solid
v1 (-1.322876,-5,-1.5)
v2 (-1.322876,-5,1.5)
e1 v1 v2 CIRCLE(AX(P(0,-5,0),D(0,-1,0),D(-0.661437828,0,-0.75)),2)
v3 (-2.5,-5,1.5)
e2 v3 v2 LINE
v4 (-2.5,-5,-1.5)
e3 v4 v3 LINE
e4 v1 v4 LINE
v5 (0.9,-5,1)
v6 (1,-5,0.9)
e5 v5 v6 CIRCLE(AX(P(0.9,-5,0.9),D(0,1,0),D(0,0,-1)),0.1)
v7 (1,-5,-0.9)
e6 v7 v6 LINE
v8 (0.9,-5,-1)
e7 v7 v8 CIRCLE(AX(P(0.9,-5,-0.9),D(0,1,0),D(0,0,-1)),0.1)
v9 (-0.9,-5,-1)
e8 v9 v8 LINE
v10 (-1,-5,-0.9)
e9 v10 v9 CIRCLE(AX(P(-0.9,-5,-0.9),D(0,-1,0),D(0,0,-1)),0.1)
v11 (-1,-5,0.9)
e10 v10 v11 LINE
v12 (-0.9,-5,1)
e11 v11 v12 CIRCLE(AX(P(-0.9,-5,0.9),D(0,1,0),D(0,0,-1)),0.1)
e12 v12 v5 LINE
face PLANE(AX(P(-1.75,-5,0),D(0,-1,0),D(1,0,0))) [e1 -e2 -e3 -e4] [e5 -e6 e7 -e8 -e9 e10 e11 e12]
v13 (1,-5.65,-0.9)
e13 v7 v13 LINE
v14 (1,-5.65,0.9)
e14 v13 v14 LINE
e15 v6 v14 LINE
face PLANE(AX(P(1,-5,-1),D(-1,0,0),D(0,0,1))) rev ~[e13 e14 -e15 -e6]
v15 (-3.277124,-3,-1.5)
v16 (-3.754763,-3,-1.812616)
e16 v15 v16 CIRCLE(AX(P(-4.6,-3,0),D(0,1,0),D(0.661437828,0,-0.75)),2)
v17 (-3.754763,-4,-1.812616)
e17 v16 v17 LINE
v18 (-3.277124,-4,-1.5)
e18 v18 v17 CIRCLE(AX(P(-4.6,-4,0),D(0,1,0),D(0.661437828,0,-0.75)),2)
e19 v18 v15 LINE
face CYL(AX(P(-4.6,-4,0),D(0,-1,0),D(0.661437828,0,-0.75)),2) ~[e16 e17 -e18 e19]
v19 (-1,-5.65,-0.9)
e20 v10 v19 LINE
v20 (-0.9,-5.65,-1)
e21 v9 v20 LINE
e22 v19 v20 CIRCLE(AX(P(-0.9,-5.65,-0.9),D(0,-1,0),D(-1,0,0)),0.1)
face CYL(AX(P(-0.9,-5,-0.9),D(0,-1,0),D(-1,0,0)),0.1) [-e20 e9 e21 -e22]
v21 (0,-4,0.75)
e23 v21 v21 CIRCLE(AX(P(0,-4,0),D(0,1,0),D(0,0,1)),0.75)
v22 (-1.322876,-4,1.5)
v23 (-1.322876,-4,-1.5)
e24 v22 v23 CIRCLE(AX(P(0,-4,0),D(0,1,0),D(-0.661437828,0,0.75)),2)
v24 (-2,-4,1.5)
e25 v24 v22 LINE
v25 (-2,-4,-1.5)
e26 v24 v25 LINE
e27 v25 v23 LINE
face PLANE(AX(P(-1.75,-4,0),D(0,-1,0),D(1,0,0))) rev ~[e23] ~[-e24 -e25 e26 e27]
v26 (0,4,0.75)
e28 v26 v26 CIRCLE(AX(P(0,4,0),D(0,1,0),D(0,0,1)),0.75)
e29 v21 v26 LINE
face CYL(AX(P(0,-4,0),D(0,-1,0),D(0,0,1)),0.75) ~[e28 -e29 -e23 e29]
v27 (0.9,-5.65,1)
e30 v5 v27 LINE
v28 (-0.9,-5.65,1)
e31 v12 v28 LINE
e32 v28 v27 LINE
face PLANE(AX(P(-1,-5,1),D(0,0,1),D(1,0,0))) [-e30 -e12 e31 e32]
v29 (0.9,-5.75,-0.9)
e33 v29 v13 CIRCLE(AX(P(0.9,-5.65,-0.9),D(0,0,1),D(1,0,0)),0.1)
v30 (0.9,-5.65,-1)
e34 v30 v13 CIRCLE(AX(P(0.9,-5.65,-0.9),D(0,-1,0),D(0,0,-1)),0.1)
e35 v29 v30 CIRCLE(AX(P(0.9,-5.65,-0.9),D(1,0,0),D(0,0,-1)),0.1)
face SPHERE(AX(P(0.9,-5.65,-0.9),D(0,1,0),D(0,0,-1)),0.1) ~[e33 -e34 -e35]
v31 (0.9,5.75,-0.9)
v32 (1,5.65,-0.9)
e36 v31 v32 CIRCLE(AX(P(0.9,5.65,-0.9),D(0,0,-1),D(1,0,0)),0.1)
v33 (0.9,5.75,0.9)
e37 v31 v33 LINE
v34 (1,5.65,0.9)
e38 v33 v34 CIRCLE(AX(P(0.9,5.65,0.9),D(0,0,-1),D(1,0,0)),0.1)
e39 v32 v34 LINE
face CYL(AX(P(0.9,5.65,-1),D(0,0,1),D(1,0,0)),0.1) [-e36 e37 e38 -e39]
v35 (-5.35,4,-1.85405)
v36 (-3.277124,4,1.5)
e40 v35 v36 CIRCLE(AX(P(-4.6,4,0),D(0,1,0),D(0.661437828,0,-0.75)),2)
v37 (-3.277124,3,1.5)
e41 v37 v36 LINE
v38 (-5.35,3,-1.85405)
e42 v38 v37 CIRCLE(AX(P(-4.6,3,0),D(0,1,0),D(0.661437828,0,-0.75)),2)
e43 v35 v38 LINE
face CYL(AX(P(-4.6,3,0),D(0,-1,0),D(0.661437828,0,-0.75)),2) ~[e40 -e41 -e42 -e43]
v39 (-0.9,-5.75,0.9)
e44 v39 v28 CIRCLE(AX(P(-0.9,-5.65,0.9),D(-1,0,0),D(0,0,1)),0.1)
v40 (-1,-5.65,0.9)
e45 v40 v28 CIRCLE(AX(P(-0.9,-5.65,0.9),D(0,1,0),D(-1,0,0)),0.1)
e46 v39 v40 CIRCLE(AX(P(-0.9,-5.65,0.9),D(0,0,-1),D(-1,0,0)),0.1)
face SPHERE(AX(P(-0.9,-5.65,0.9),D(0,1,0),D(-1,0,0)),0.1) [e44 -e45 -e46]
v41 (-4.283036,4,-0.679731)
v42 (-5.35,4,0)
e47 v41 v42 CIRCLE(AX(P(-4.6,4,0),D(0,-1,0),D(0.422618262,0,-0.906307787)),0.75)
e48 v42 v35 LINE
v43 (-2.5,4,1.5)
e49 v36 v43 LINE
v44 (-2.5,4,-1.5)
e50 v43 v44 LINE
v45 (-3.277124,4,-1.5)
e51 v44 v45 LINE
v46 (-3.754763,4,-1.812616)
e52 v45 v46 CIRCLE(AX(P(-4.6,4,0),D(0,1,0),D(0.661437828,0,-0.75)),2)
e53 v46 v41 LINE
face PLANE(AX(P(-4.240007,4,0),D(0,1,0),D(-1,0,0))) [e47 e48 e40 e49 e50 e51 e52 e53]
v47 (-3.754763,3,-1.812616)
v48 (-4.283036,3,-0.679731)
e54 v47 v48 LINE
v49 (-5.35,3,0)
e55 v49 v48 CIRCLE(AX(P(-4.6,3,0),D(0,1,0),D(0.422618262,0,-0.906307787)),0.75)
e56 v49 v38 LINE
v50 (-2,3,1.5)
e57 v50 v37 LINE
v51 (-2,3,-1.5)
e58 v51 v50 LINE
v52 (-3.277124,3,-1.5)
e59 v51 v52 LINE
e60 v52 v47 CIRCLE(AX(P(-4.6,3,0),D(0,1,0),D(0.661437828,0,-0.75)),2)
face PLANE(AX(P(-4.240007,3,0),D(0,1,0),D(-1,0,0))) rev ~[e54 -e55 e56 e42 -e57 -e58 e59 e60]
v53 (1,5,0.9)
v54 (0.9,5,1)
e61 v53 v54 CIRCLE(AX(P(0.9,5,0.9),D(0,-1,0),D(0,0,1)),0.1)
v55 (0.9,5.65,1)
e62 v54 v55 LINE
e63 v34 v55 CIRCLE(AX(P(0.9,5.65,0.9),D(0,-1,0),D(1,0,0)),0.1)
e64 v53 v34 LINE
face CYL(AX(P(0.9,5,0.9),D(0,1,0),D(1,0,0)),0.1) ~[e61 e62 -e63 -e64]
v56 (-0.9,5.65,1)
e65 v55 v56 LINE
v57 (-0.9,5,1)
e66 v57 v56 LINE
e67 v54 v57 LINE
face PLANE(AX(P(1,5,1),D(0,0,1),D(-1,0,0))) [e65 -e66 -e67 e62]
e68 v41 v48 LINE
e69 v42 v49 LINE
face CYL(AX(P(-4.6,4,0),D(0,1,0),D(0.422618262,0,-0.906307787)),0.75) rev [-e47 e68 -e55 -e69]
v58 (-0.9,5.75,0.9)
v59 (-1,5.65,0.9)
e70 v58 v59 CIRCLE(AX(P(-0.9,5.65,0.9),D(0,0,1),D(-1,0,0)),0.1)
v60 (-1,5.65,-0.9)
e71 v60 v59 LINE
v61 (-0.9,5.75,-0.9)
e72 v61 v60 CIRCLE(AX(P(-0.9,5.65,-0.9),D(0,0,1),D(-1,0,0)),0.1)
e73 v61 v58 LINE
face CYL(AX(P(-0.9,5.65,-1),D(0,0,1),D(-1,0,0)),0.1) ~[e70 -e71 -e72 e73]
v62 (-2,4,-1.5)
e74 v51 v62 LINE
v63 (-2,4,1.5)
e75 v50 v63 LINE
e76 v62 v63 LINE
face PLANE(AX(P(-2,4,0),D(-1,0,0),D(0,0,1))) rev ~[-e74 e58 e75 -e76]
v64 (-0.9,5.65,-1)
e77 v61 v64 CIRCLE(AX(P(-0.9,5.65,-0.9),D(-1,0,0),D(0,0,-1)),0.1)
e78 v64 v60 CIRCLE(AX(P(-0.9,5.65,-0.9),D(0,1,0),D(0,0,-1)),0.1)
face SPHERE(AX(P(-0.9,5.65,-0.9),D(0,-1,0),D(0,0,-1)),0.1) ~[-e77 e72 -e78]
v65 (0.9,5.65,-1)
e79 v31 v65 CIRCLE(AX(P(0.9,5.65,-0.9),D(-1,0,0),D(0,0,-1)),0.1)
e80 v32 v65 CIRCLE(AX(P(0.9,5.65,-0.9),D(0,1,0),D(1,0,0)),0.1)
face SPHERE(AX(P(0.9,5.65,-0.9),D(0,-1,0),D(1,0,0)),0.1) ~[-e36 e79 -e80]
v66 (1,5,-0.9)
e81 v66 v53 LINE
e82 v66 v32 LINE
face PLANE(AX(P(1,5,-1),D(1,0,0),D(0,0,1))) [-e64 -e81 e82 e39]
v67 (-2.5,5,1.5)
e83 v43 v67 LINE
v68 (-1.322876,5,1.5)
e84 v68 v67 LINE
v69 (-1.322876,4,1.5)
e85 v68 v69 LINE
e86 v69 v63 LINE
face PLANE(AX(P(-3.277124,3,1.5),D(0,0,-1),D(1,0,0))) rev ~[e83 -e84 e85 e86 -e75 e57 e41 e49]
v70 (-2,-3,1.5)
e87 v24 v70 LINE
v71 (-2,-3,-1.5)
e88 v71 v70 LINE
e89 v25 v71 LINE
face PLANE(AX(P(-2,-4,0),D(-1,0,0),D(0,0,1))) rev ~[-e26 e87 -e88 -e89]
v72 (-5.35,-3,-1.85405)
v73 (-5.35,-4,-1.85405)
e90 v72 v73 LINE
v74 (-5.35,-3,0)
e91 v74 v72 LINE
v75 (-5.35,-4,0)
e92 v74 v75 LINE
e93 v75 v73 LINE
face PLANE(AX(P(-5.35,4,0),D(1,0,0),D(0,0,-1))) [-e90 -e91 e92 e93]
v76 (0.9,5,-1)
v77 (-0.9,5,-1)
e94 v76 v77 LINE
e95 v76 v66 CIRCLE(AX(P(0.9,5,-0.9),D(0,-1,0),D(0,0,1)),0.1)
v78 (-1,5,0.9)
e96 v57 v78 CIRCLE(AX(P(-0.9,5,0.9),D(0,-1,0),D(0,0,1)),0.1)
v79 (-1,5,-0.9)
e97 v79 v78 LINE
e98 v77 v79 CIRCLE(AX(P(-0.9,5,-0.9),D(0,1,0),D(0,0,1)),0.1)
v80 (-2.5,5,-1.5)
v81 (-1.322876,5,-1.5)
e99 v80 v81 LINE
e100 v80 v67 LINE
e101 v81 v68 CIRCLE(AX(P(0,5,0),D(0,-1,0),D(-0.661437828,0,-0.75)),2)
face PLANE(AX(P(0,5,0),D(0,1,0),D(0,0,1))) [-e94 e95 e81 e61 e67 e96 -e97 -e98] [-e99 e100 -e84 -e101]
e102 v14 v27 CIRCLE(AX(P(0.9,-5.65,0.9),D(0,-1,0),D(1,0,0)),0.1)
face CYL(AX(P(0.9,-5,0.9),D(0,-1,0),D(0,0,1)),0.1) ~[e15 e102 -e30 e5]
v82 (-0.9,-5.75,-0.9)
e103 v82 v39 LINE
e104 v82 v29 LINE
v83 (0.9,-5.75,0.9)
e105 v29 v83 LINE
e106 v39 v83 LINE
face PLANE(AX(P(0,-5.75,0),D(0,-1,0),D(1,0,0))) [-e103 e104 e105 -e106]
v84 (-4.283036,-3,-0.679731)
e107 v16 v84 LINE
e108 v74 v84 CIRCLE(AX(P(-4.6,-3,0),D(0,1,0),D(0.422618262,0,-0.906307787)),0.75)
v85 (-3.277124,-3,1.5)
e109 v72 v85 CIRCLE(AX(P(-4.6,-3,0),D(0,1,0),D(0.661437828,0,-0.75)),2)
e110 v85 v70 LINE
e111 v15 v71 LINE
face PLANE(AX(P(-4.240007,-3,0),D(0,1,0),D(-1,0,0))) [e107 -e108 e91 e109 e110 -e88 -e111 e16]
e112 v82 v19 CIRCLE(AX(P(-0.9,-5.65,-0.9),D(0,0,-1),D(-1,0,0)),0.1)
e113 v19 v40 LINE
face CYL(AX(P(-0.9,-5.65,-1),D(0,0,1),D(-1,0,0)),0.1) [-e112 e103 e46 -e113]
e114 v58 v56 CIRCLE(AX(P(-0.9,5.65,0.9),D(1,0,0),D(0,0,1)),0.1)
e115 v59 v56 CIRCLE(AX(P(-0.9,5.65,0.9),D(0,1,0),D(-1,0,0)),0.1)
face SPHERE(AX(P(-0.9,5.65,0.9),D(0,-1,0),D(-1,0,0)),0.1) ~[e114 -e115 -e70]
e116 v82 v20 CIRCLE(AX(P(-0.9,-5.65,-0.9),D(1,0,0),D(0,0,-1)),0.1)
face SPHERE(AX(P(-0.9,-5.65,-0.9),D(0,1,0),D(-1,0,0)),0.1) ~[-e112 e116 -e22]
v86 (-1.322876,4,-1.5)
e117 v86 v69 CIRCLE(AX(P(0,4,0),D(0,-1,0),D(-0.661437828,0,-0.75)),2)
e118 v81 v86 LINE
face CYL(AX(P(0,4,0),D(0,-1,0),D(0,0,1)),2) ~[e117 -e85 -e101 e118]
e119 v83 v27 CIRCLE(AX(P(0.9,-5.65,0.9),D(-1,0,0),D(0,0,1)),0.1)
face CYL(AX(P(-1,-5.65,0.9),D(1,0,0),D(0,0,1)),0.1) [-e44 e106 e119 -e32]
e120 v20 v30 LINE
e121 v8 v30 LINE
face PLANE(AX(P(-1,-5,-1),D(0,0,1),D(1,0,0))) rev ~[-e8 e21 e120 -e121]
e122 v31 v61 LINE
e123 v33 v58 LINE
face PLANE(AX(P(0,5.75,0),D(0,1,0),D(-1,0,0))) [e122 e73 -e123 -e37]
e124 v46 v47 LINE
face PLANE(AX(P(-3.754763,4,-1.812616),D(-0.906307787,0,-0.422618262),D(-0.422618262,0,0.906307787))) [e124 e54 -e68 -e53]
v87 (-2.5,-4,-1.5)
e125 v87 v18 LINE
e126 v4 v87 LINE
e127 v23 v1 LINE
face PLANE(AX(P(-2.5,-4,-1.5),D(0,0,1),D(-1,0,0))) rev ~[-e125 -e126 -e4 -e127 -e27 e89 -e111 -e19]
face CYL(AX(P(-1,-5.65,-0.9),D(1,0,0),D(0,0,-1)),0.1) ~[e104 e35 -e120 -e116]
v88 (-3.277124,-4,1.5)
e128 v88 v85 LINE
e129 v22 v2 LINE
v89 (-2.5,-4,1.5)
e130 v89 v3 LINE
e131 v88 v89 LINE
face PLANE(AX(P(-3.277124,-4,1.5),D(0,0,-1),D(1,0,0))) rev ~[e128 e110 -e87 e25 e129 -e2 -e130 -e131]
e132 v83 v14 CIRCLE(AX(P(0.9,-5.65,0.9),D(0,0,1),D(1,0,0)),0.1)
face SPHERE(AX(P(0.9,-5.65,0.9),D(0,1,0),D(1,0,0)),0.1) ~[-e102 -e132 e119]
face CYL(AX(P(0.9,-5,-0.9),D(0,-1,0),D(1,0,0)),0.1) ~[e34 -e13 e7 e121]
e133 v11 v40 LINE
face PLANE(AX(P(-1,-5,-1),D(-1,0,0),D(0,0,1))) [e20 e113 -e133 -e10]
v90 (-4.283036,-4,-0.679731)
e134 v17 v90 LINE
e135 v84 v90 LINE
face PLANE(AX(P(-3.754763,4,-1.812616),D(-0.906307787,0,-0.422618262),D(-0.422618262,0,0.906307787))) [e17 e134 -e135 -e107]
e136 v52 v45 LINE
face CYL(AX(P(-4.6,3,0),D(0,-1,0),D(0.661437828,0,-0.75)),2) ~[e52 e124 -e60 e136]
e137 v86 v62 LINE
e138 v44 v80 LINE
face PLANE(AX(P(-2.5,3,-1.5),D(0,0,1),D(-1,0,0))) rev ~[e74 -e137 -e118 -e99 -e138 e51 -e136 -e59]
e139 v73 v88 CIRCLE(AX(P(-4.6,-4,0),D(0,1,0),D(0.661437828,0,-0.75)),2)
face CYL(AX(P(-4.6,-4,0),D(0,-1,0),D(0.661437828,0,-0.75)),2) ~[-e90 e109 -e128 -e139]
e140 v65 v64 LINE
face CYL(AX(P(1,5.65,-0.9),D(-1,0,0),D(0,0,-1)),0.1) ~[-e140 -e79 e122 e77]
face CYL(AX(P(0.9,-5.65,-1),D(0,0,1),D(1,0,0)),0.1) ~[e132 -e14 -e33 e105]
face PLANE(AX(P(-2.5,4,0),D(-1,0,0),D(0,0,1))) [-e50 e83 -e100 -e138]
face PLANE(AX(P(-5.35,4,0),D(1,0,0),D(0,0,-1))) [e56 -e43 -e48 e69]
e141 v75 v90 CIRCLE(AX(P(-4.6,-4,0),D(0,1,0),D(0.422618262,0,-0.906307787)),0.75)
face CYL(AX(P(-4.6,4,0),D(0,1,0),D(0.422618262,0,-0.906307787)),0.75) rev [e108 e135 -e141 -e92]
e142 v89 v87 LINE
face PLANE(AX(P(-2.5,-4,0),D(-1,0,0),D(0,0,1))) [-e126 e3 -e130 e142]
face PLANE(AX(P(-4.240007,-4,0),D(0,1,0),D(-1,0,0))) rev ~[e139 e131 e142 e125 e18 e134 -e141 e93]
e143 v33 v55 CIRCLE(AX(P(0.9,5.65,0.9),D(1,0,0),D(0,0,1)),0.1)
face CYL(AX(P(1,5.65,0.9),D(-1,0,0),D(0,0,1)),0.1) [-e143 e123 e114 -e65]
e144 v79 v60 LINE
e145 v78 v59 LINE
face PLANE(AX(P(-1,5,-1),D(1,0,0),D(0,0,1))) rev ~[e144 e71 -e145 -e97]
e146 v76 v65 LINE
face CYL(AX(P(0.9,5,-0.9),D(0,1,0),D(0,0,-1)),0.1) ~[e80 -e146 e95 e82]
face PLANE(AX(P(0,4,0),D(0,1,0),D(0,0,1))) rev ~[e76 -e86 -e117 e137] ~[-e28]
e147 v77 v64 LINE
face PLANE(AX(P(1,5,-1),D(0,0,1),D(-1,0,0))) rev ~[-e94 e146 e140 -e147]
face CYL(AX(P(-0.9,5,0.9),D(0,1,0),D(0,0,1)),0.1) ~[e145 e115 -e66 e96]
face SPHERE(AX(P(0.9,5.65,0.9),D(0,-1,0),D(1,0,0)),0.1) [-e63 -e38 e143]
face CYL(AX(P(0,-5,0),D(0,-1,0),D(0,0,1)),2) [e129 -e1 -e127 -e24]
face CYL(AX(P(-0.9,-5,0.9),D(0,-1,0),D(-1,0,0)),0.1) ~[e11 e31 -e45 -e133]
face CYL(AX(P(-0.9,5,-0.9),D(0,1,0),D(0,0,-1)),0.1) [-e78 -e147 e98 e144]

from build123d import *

# Parameters (mm, degrees)
EXTRUDE_1_DEPTH      = 4
EXTRUDE_1_DEPTH_BACK = 4
SKETCH_1_R           = 0.75
SKETCH_2_R           = 2
EXTRUDE_2_DEPTH      = 1
EXTRUDE_START        = 1
SKETCH_3_R           = 2
EXTRUDE_3_DEPTH      = 1
SKETCH_4_W           = 2
SKETCH_4_H           = 2
EXTRUDE_4_DEPTH      = 0.75
SKETCH_5_W           = 2
SKETCH_5_H           = 2
EXTRUDE_5_DEPTH      = 0.75
SKETCH_6_W           = 1.5
SKETCH_6_H           = 3
EXTRUDE_6_DEPTH      = 1
SKETCH_7_W           = 1.5
SKETCH_7_H           = 3
EXTRUDE_8_DEPTH      = 1
SKETCH_8_W           = 3
SKETCH_8_H           = 2
EXTRUDE_9_DEPTH      = 0.5
EXTRUDE_10_DEPTH     = 1
EXTRUDE_START_2      = 7
EXTRUDE_11_DEPTH     = 1
CUT_EXTRUDE_1_DEPTH  = 12.942466244
FILLET_1_R           = 0.1


with BuildPart() as part:
    # 草图1 → 凸台-拉伸1 (new, two sides: drawn at the far end of the back side and taken through both)
    with BuildSketch(Plane(origin=(0, 0, 0), x_dir=(1, 0, 0), z_dir=(0, 1, 0)).offset(-EXTRUDE_1_DEPTH_BACK)):
        with Locations(Location((0, 0, 0), (0, 0, 270))):
            Circle(SKETCH_1_R)
    extrude(amount=EXTRUDE_1_DEPTH + EXTRUDE_1_DEPTH_BACK)

    # 草图2 → 凸台-拉伸2 (add)
    with BuildSketch(Plane(origin=(0, 4, 0), x_dir=(-1, 0, 0), z_dir=(0, 1, 0))):
        with Locations(Location((0, 0, 0), (0, 0, 90))):
            Circle(SKETCH_2_R)
    extrude(amount=EXTRUDE_2_DEPTH)

    # 草图3 → 凸台-拉伸3 (add)
    with BuildSketch(Plane.XZ.offset(4).offset(EXTRUDE_START)):
        with Locations(Location((0, 0, 0), (0, 0, 90))):
            Circle(SKETCH_3_R)
    extrude(amount=-EXTRUDE_3_DEPTH)

    # 草图4 → 凸台-拉伸4 (add)
    with BuildSketch(Plane(origin=(0, 5, 0), x_dir=(-1, 0, 0), z_dir=(0, 1, 0))):
        Rectangle(SKETCH_4_W, SKETCH_4_H)
    extrude(amount=EXTRUDE_4_DEPTH)

    # 草图5 → 凸台-拉伸5 (add)
    with BuildSketch(Plane.XZ.offset(5)):
        Rectangle(SKETCH_5_W, SKETCH_5_H)
    extrude(amount=EXTRUDE_5_DEPTH)

    # 草图6 → 凸台-拉伸6 (add)
    with BuildSketch(Plane(origin=(0, 5, 0), x_dir=(-1, 0, 0), z_dir=(0, 1, 0))):
        with Locations((1.75, 0)):
            Rectangle(SKETCH_6_W, SKETCH_6_H)
    extrude(amount=-EXTRUDE_6_DEPTH)

    # 草图7 → 凸台-拉伸8 (add)
    with BuildSketch(Plane.XZ.offset(5)):
        with Locations((-1.75, 0)):
            Rectangle(SKETCH_7_W, SKETCH_7_H)
    extrude(amount=-EXTRUDE_8_DEPTH)

    # 草图8 → 凸台-拉伸9 (add)
    with BuildSketch(Plane.ZY.offset(2.5)):
        with Locations((0, 4)):
            Rectangle(SKETCH_8_W, SKETCH_8_H)
        with Locations((0, -4)):
            Rectangle(SKETCH_8_W, SKETCH_8_H)
    extrude(amount=-EXTRUDE_9_DEPTH)

    # 草图9 → 凸台-拉伸10 (add)
    with BuildSketch(Plane.XZ.offset(-3)):
        with BuildLine():
            Line((-2.5, -1.5), (-3.277124344, -1.5))
            ThreePointArc((-3.277124344, -1.5), (-6.6, 0), (-3.277124344, 1.5))
            Line((-3.277124344, 1.5), (-2.5, 1.5))
            Line((-2.5, 1.5), (-2.5, -1.5))
        make_face()
    extrude(amount=-EXTRUDE_10_DEPTH)

    # 草图9<2> → 凸台-拉伸11 (add)
    with BuildSketch(Plane.XZ.offset(-3).offset(EXTRUDE_START_2)):
        with BuildLine():
            Line((-2.5, -1.5), (-3.277124344, -1.5))
            ThreePointArc((-3.277124344, -1.5), (-6.6, 0), (-3.277124344, 1.5))
            Line((-3.277124344, 1.5), (-2.5, 1.5))
            Line((-2.5, 1.5), (-2.5, -1.5))
        make_face()
    extrude(amount=-EXTRUDE_11_DEPTH)

    # 草图10 → 切除-拉伸1 (cut, through all)
    with BuildSketch(Plane(origin=(0, 4, 0), x_dir=(-1, 0, 0), z_dir=(0, 1, 0))):
        with BuildLine():
            Line((5.35, 0), (5.35, -1.854049622))
            ThreePointArc((5.35, -1.854049622), (4.548070298, -1.999325713), (3.754763477, -1.812615574))
            Line((3.754763477, -1.812615574), (4.283036304, -0.67973084))
            ThreePointArc((4.283036304, -0.67973084), (4.197025294, 0.632543584), (5.35, 0))
        make_face()
    extrude(amount=-CUT_EXTRUDE_1_DEPTH, mode=Mode.SUBTRACT)

    # 圆角1
    fillet_1_edges = [part.edges().sort_by_distance(p)[0] for p in [
        (1, 5.375, 1),
        (1, 5.375, -1),
        (-1, 5.375, -1),
        (-1, 5.375, 1),
        (1, 5.75, 0),
        (0, 5.75, -1),
        (-1, 5.75, 0),
        (0, 5.75, 1),
        (-1, -5.375, 1),
        (-1, -5.375, -1),
        (1, -5.375, -1),
        (1, -5.375, 1),
        (-1, -5.75, 0),
        (0, -5.75, -1),
        (1, -5.75, 0),
        (0, -5.75, 1),
    ]]
    fillet(fillet_1_edges, radius=FILLET_1_R)


solid = part.part
